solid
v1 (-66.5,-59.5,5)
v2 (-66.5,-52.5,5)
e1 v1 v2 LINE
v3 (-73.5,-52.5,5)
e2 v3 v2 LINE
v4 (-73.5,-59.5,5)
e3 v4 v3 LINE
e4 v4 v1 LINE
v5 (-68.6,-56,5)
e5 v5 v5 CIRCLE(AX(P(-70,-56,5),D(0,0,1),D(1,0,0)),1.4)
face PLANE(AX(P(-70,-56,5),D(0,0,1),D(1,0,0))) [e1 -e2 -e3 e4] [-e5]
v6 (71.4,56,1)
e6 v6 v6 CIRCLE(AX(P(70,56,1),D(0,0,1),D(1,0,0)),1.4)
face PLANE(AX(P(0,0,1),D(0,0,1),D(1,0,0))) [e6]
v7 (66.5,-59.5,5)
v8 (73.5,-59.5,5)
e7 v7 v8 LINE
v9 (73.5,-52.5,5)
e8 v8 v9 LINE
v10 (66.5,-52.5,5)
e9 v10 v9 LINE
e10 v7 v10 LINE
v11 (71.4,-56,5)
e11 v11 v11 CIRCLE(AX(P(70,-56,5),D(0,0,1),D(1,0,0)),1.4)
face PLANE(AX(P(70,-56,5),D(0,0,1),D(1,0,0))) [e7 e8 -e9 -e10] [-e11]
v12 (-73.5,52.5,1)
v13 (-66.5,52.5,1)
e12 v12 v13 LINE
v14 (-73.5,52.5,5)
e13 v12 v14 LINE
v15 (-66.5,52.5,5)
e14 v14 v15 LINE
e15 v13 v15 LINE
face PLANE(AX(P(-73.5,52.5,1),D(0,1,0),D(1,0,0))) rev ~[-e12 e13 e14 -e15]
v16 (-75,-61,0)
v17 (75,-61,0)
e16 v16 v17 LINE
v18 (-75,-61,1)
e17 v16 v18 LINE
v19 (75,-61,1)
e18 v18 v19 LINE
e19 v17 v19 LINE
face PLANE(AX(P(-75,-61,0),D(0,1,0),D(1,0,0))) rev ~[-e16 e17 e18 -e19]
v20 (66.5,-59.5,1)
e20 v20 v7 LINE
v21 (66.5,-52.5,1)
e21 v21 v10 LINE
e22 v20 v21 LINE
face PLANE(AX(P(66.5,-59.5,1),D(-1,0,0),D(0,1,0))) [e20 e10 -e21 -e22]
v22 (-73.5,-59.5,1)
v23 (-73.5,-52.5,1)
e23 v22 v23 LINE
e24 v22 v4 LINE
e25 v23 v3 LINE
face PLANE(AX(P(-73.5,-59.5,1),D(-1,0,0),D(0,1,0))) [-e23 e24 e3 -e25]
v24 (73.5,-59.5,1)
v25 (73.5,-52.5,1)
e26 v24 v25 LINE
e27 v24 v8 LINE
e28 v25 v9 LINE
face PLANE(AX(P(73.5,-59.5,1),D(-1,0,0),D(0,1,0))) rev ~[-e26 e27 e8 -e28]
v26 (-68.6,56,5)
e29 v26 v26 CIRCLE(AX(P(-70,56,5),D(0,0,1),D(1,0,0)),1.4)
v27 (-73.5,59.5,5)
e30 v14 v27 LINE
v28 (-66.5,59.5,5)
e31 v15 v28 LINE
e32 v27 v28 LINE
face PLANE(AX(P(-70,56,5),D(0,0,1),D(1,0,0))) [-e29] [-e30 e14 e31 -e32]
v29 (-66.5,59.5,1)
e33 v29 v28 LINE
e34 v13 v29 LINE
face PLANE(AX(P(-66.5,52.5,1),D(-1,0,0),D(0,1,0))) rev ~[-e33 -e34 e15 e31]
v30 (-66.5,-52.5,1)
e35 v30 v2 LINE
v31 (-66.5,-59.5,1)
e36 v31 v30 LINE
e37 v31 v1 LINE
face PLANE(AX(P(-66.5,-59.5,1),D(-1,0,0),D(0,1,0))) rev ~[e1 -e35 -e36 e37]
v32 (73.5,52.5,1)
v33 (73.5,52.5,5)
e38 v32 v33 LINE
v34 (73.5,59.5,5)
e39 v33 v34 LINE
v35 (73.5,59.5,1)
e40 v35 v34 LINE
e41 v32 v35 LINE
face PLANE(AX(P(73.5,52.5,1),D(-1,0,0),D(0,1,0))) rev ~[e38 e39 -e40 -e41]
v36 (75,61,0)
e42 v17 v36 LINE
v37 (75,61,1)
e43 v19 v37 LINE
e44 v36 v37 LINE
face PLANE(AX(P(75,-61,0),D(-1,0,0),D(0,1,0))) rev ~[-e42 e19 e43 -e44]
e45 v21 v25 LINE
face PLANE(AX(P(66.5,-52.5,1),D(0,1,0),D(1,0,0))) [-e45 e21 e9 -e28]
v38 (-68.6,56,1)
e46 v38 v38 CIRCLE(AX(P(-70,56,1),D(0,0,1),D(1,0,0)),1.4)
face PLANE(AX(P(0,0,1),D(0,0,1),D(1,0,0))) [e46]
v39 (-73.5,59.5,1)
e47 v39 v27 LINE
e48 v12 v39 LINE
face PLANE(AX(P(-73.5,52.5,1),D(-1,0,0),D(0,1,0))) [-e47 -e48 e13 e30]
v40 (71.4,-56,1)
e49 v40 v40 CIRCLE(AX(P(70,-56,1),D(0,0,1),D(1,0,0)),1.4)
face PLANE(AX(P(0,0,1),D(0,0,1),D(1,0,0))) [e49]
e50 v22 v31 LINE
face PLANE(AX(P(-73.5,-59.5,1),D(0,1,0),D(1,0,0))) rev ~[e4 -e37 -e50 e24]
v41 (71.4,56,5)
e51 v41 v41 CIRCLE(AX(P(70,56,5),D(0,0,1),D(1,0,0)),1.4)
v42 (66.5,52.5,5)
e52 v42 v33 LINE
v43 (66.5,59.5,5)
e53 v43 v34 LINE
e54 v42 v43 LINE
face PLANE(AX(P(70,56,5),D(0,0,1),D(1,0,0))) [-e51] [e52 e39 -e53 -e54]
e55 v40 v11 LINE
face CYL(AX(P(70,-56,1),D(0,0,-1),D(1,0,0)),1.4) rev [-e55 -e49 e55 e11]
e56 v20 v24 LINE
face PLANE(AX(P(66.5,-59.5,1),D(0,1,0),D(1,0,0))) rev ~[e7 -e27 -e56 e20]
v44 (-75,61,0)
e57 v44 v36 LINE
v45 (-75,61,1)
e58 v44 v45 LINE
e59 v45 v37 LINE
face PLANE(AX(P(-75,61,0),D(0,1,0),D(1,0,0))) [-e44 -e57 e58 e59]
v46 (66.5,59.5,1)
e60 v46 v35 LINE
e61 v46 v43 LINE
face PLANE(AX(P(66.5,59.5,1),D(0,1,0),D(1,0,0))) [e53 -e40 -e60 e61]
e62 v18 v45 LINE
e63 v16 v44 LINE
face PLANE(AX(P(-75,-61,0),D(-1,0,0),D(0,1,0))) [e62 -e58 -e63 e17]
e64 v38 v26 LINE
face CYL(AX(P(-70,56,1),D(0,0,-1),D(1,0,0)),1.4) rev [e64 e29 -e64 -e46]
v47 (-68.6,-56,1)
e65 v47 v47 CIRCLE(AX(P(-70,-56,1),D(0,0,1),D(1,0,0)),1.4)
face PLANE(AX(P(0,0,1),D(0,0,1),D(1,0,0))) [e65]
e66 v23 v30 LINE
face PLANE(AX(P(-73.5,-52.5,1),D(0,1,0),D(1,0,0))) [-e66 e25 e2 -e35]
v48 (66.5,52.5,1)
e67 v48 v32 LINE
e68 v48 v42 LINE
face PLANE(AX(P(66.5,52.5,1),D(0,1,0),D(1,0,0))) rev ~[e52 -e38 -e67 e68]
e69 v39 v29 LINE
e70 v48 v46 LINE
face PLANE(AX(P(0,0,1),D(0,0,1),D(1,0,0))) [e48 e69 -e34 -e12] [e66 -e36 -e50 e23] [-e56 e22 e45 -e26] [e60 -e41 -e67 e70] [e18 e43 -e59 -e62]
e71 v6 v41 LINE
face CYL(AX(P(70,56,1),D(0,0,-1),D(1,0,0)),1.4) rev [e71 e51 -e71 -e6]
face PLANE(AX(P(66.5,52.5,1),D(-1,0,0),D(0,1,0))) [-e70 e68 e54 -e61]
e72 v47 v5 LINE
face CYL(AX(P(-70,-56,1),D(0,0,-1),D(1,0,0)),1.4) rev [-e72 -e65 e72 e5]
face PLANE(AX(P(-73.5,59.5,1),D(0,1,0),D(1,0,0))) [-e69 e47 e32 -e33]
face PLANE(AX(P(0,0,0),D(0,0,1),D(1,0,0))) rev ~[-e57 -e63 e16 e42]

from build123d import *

# Parameters (mm, degrees)
F0_W     = 150
F0_H     = 122
F1_DEPTH = 1
F2_W     = 7
F2_H     = 7
F2_R     = 1.4
F3_DEPTH = 4


with BuildPart() as f1:
    # F0 (on Top) → F1 (new body)
    with BuildSketch(Plane.XY):
        Rectangle(F0_W, F0_H)
    extrude(amount=F1_DEPTH)

    # F2 (on face) → F3 (join)
    with BuildSketch(Plane.XY.offset(1)):
        with Locations((-70, 56)):
            Rectangle(F2_W, F2_H)
        with Locations((-70, 56)):
            Circle(F2_R, mode=Mode.SUBTRACT)
        with Locations((70, 56)):
            Rectangle(F2_W, F2_H)
        with Locations((70, 56)):
            Circle(F2_R, mode=Mode.SUBTRACT)
        with Locations((-70, -56)):
            Rectangle(F2_W, F2_H)
        with Locations((-70, -56)):
            Circle(F2_R, mode=Mode.SUBTRACT)
        with Locations((70, -56)):
            Rectangle(F2_W, F2_H)
        with Locations((70, -56)):
            Circle(F2_R, mode=Mode.SUBTRACT)
    extrude(amount=F3_DEPTH)


solid = f1.part
